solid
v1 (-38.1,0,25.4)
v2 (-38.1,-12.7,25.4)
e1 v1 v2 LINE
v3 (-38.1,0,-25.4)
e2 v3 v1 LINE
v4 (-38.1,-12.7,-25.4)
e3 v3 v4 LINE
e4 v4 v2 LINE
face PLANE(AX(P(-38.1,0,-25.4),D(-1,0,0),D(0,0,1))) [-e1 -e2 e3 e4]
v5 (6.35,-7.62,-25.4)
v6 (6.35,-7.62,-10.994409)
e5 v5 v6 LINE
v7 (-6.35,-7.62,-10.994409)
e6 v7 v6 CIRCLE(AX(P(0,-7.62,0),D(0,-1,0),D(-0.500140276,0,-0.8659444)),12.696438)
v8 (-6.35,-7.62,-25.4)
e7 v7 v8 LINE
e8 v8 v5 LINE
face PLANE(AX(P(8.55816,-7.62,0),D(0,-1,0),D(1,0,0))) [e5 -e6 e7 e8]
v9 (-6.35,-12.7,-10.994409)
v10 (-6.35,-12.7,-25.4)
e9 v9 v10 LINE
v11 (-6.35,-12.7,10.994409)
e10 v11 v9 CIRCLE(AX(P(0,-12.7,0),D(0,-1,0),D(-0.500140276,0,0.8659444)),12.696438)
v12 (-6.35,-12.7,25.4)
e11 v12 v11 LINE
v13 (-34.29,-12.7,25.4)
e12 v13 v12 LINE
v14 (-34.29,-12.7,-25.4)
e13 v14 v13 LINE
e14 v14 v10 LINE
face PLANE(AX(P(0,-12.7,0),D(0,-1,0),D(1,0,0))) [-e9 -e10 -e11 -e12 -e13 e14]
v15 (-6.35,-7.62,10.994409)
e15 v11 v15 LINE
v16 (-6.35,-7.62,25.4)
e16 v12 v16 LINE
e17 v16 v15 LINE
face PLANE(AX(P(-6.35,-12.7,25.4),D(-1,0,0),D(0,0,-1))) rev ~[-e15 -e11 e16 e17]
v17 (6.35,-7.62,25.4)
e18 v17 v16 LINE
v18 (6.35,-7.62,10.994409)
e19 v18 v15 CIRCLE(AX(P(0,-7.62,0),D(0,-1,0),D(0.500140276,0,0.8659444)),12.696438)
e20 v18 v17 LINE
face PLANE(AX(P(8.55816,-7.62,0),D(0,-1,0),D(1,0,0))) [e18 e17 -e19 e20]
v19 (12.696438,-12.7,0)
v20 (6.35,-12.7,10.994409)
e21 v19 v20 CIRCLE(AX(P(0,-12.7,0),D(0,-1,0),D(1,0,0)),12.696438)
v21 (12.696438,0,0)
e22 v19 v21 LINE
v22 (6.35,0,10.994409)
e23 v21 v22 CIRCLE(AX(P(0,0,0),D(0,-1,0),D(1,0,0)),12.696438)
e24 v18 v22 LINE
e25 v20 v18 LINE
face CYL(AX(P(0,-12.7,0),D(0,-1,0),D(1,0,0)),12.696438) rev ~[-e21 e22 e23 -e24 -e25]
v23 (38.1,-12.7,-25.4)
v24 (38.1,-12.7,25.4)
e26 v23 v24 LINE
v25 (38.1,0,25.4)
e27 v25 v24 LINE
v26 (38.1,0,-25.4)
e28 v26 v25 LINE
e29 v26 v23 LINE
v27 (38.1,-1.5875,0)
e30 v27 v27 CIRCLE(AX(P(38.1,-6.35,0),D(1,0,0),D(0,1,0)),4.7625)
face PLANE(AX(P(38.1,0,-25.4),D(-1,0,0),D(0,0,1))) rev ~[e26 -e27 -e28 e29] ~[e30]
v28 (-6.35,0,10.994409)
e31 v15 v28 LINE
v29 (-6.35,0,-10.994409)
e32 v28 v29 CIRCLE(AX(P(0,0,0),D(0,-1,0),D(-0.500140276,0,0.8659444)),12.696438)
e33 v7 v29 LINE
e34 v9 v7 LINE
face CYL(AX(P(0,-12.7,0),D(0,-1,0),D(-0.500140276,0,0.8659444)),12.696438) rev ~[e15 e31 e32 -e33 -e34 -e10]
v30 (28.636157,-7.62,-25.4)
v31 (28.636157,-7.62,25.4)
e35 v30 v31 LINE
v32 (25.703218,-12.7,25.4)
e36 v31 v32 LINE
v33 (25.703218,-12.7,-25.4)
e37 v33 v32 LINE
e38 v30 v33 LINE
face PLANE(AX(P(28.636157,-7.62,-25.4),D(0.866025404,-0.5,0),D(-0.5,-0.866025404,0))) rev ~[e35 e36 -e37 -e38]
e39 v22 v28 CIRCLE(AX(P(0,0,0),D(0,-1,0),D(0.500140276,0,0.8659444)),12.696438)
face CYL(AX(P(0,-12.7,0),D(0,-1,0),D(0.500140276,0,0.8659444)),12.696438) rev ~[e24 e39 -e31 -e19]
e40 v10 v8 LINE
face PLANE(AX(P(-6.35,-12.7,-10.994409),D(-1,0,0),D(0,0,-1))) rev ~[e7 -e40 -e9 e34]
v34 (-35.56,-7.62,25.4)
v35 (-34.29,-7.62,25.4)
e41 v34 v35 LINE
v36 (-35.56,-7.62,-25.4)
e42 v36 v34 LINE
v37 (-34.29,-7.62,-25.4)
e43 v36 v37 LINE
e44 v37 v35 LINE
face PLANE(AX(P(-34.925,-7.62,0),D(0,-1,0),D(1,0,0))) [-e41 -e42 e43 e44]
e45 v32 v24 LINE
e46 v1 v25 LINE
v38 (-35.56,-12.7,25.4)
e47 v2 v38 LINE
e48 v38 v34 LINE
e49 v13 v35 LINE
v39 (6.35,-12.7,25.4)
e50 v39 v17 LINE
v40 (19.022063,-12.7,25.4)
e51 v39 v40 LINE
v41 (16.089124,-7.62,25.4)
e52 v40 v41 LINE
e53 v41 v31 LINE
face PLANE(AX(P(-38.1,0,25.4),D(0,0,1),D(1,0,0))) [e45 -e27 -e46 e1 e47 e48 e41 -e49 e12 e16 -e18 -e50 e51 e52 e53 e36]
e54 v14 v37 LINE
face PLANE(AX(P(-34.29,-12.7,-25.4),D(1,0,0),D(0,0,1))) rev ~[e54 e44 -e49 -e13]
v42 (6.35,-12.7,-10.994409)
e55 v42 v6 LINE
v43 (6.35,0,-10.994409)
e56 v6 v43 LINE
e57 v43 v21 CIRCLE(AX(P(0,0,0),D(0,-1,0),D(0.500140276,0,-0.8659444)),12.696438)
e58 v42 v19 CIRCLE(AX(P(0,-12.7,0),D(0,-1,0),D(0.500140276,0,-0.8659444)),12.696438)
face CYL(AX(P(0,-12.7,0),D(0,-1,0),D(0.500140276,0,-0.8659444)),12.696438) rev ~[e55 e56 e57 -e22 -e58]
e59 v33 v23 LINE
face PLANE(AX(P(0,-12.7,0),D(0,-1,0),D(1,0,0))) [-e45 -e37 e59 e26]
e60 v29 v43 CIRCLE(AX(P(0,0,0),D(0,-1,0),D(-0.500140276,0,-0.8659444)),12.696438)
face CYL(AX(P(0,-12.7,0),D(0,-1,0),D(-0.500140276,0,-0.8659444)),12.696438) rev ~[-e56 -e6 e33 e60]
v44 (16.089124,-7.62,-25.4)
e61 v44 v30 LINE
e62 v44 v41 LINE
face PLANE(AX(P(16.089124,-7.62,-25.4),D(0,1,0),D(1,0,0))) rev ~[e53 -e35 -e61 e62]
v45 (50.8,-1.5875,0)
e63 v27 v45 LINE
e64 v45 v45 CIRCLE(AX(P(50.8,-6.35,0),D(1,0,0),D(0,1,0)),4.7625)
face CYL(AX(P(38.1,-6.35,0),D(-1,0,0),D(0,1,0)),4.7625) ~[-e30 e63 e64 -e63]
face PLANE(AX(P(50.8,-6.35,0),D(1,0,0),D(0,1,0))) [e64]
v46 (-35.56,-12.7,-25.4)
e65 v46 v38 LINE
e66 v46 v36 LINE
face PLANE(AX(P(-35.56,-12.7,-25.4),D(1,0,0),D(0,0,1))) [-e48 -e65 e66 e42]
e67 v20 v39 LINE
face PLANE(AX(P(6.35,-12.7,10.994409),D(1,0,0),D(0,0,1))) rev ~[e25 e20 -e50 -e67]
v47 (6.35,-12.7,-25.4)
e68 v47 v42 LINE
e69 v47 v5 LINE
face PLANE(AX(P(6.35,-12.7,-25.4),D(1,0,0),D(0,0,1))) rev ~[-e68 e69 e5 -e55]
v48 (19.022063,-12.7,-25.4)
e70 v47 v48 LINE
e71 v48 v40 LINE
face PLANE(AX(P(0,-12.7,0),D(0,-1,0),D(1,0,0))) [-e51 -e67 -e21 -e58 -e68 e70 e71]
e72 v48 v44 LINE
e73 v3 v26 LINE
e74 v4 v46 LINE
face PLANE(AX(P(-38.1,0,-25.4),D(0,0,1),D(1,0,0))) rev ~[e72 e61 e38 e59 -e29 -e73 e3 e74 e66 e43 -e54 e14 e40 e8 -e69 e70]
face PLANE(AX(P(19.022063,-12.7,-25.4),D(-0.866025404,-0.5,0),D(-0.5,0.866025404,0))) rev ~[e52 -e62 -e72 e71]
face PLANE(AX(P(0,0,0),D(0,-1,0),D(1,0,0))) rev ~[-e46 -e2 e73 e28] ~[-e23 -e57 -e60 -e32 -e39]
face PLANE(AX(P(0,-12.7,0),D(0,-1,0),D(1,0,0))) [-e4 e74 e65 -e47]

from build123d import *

# Parameters (mm, degrees)
F0_W     = 76.2
F0_H     = 50.8
F1_DEPTH = 12.7
F3_DEPTH = 12.7
F2_W     = 1.27
F2_H     = 50.8
F4_DEPTH = 5.08
F6_DEPTH = 50.8
F7_R     = 4.7625
F8_DEPTH = 12.7


with BuildPart() as f1:
    # F0 (on Front) → F1 (new body)
    with BuildSketch(Plane.XZ):
        Rectangle(F0_W, F0_H)
    extrude(amount=F1_DEPTH)

    # F2 (on face) → F3 (cut)
    with BuildSketch(Plane.XZ.offset(12.7)):
        with BuildLine():
            Line((-6.35, -10.994409386), (-6.35, 10.994409386))
            ThreePointArc((-6.35, 10.994409386), (-12.6964379944, 0), (-6.35, -10.994409386))
        make_face()
        with BuildLine():
            ThreePointArc((6.35, 10.994409386), (0, 12.6964379944), (-6.35, 10.994409386))
            Line((-6.35, 10.994409386), (-6.35, -10.994409386))
            ThreePointArc((-6.35, -10.994409386), (0, -12.6964379944), (6.35, -10.994409386))
            Line((6.35, -10.994409386), (6.35, 10.994409386))
        make_face()
        with BuildLine():
            ThreePointArc((12.6964379944, 0), (10.99595196, 6.3473284334), (6.35, 10.994409386))
            Line((6.35, 10.994409386), (6.35, -10.994409386))
            ThreePointArc((6.35, -10.994409386), (10.99595196, -6.3473284334), (12.6964379944, 0))
        make_face()
    extrude(amount=-F3_DEPTH, mode=Mode.SUBTRACT)

    # F2 (on face) → F4 (cut)
    with BuildSketch(Plane.XZ.offset(12.7)):
        with Locations((-34.925, 0)):
            Rectangle(F2_W, F2_H)
        with BuildLine():
            ThreePointArc((6.35, -10.994409386), (10.99595196, -6.3473284334), (12.6964379944, 0))
            ThreePointArc((12.6964379944, 0), (10.99595196, 6.3473284334), (6.35, 10.994409386))
            Line((6.35, 10.994409386), (6.35, -10.994409386))
        make_face()
        with BuildLine():
            Line((6.35, -10.994409386), (6.35, 10.994409386))
            ThreePointArc((6.35, 10.994409386), (0, 12.6964379944), (-6.35, 10.994409386))
            Line((-6.35, 10.994409386), (-6.35, -10.994409386))
            ThreePointArc((-6.35, -10.994409386), (0, -12.6964379944), (6.35, -10.994409386))
        make_face()
        with BuildLine():
            ThreePointArc((-6.35, 10.994409386), (0, 12.6964379944), (6.35, 10.994409386))
            Line((6.35, 10.994409386), (6.35, 25.4))
            Line((6.35, 25.4), (-6.35, 25.4))
            Line((-6.35, 25.4), (-6.35, 10.994409386))
        make_face()
        with BuildLine():
            Line((6.35, -25.4), (6.35, -10.994409386))
            ThreePointArc((6.35, -10.994409386), (0, -12.6964379944), (-6.35, -10.994409386))
            Line((-6.35, -10.994409386), (-6.35, -25.4))
            Line((-6.35, -25.4), (6.35, -25.4))
        make_face()
        with BuildLine():
            Line((-6.35, -10.994409386), (-6.35, 10.994409386))
            ThreePointArc((-6.35, 10.994409386), (-12.6964379944, 0), (-6.35, -10.994409386))
        make_face()
    extrude(amount=-F4_DEPTH, mode=Mode.SUBTRACT)

    # F5 (on face) → F6 (cut)
    with BuildSketch(Plane(origin=(0, 0, -25.4), x_dir=(1, 0, 0), z_dir=(0, 0, -1))):
        Polygon((25.7032178342, 12.7), (19.0220633893, 12.7), (16.0891240218, 7.62), (28.6361572017, 7.62), align=None)
    extrude(amount=-F6_DEPTH, mode=Mode.SUBTRACT)

    # F7 (on face) → F8 (join)
    with BuildSketch(Plane.YZ.offset(38.1)):
        with Locations((-6.35, 0)):
            Circle(F7_R)
    extrude(amount=F8_DEPTH)


solid = f1.part
